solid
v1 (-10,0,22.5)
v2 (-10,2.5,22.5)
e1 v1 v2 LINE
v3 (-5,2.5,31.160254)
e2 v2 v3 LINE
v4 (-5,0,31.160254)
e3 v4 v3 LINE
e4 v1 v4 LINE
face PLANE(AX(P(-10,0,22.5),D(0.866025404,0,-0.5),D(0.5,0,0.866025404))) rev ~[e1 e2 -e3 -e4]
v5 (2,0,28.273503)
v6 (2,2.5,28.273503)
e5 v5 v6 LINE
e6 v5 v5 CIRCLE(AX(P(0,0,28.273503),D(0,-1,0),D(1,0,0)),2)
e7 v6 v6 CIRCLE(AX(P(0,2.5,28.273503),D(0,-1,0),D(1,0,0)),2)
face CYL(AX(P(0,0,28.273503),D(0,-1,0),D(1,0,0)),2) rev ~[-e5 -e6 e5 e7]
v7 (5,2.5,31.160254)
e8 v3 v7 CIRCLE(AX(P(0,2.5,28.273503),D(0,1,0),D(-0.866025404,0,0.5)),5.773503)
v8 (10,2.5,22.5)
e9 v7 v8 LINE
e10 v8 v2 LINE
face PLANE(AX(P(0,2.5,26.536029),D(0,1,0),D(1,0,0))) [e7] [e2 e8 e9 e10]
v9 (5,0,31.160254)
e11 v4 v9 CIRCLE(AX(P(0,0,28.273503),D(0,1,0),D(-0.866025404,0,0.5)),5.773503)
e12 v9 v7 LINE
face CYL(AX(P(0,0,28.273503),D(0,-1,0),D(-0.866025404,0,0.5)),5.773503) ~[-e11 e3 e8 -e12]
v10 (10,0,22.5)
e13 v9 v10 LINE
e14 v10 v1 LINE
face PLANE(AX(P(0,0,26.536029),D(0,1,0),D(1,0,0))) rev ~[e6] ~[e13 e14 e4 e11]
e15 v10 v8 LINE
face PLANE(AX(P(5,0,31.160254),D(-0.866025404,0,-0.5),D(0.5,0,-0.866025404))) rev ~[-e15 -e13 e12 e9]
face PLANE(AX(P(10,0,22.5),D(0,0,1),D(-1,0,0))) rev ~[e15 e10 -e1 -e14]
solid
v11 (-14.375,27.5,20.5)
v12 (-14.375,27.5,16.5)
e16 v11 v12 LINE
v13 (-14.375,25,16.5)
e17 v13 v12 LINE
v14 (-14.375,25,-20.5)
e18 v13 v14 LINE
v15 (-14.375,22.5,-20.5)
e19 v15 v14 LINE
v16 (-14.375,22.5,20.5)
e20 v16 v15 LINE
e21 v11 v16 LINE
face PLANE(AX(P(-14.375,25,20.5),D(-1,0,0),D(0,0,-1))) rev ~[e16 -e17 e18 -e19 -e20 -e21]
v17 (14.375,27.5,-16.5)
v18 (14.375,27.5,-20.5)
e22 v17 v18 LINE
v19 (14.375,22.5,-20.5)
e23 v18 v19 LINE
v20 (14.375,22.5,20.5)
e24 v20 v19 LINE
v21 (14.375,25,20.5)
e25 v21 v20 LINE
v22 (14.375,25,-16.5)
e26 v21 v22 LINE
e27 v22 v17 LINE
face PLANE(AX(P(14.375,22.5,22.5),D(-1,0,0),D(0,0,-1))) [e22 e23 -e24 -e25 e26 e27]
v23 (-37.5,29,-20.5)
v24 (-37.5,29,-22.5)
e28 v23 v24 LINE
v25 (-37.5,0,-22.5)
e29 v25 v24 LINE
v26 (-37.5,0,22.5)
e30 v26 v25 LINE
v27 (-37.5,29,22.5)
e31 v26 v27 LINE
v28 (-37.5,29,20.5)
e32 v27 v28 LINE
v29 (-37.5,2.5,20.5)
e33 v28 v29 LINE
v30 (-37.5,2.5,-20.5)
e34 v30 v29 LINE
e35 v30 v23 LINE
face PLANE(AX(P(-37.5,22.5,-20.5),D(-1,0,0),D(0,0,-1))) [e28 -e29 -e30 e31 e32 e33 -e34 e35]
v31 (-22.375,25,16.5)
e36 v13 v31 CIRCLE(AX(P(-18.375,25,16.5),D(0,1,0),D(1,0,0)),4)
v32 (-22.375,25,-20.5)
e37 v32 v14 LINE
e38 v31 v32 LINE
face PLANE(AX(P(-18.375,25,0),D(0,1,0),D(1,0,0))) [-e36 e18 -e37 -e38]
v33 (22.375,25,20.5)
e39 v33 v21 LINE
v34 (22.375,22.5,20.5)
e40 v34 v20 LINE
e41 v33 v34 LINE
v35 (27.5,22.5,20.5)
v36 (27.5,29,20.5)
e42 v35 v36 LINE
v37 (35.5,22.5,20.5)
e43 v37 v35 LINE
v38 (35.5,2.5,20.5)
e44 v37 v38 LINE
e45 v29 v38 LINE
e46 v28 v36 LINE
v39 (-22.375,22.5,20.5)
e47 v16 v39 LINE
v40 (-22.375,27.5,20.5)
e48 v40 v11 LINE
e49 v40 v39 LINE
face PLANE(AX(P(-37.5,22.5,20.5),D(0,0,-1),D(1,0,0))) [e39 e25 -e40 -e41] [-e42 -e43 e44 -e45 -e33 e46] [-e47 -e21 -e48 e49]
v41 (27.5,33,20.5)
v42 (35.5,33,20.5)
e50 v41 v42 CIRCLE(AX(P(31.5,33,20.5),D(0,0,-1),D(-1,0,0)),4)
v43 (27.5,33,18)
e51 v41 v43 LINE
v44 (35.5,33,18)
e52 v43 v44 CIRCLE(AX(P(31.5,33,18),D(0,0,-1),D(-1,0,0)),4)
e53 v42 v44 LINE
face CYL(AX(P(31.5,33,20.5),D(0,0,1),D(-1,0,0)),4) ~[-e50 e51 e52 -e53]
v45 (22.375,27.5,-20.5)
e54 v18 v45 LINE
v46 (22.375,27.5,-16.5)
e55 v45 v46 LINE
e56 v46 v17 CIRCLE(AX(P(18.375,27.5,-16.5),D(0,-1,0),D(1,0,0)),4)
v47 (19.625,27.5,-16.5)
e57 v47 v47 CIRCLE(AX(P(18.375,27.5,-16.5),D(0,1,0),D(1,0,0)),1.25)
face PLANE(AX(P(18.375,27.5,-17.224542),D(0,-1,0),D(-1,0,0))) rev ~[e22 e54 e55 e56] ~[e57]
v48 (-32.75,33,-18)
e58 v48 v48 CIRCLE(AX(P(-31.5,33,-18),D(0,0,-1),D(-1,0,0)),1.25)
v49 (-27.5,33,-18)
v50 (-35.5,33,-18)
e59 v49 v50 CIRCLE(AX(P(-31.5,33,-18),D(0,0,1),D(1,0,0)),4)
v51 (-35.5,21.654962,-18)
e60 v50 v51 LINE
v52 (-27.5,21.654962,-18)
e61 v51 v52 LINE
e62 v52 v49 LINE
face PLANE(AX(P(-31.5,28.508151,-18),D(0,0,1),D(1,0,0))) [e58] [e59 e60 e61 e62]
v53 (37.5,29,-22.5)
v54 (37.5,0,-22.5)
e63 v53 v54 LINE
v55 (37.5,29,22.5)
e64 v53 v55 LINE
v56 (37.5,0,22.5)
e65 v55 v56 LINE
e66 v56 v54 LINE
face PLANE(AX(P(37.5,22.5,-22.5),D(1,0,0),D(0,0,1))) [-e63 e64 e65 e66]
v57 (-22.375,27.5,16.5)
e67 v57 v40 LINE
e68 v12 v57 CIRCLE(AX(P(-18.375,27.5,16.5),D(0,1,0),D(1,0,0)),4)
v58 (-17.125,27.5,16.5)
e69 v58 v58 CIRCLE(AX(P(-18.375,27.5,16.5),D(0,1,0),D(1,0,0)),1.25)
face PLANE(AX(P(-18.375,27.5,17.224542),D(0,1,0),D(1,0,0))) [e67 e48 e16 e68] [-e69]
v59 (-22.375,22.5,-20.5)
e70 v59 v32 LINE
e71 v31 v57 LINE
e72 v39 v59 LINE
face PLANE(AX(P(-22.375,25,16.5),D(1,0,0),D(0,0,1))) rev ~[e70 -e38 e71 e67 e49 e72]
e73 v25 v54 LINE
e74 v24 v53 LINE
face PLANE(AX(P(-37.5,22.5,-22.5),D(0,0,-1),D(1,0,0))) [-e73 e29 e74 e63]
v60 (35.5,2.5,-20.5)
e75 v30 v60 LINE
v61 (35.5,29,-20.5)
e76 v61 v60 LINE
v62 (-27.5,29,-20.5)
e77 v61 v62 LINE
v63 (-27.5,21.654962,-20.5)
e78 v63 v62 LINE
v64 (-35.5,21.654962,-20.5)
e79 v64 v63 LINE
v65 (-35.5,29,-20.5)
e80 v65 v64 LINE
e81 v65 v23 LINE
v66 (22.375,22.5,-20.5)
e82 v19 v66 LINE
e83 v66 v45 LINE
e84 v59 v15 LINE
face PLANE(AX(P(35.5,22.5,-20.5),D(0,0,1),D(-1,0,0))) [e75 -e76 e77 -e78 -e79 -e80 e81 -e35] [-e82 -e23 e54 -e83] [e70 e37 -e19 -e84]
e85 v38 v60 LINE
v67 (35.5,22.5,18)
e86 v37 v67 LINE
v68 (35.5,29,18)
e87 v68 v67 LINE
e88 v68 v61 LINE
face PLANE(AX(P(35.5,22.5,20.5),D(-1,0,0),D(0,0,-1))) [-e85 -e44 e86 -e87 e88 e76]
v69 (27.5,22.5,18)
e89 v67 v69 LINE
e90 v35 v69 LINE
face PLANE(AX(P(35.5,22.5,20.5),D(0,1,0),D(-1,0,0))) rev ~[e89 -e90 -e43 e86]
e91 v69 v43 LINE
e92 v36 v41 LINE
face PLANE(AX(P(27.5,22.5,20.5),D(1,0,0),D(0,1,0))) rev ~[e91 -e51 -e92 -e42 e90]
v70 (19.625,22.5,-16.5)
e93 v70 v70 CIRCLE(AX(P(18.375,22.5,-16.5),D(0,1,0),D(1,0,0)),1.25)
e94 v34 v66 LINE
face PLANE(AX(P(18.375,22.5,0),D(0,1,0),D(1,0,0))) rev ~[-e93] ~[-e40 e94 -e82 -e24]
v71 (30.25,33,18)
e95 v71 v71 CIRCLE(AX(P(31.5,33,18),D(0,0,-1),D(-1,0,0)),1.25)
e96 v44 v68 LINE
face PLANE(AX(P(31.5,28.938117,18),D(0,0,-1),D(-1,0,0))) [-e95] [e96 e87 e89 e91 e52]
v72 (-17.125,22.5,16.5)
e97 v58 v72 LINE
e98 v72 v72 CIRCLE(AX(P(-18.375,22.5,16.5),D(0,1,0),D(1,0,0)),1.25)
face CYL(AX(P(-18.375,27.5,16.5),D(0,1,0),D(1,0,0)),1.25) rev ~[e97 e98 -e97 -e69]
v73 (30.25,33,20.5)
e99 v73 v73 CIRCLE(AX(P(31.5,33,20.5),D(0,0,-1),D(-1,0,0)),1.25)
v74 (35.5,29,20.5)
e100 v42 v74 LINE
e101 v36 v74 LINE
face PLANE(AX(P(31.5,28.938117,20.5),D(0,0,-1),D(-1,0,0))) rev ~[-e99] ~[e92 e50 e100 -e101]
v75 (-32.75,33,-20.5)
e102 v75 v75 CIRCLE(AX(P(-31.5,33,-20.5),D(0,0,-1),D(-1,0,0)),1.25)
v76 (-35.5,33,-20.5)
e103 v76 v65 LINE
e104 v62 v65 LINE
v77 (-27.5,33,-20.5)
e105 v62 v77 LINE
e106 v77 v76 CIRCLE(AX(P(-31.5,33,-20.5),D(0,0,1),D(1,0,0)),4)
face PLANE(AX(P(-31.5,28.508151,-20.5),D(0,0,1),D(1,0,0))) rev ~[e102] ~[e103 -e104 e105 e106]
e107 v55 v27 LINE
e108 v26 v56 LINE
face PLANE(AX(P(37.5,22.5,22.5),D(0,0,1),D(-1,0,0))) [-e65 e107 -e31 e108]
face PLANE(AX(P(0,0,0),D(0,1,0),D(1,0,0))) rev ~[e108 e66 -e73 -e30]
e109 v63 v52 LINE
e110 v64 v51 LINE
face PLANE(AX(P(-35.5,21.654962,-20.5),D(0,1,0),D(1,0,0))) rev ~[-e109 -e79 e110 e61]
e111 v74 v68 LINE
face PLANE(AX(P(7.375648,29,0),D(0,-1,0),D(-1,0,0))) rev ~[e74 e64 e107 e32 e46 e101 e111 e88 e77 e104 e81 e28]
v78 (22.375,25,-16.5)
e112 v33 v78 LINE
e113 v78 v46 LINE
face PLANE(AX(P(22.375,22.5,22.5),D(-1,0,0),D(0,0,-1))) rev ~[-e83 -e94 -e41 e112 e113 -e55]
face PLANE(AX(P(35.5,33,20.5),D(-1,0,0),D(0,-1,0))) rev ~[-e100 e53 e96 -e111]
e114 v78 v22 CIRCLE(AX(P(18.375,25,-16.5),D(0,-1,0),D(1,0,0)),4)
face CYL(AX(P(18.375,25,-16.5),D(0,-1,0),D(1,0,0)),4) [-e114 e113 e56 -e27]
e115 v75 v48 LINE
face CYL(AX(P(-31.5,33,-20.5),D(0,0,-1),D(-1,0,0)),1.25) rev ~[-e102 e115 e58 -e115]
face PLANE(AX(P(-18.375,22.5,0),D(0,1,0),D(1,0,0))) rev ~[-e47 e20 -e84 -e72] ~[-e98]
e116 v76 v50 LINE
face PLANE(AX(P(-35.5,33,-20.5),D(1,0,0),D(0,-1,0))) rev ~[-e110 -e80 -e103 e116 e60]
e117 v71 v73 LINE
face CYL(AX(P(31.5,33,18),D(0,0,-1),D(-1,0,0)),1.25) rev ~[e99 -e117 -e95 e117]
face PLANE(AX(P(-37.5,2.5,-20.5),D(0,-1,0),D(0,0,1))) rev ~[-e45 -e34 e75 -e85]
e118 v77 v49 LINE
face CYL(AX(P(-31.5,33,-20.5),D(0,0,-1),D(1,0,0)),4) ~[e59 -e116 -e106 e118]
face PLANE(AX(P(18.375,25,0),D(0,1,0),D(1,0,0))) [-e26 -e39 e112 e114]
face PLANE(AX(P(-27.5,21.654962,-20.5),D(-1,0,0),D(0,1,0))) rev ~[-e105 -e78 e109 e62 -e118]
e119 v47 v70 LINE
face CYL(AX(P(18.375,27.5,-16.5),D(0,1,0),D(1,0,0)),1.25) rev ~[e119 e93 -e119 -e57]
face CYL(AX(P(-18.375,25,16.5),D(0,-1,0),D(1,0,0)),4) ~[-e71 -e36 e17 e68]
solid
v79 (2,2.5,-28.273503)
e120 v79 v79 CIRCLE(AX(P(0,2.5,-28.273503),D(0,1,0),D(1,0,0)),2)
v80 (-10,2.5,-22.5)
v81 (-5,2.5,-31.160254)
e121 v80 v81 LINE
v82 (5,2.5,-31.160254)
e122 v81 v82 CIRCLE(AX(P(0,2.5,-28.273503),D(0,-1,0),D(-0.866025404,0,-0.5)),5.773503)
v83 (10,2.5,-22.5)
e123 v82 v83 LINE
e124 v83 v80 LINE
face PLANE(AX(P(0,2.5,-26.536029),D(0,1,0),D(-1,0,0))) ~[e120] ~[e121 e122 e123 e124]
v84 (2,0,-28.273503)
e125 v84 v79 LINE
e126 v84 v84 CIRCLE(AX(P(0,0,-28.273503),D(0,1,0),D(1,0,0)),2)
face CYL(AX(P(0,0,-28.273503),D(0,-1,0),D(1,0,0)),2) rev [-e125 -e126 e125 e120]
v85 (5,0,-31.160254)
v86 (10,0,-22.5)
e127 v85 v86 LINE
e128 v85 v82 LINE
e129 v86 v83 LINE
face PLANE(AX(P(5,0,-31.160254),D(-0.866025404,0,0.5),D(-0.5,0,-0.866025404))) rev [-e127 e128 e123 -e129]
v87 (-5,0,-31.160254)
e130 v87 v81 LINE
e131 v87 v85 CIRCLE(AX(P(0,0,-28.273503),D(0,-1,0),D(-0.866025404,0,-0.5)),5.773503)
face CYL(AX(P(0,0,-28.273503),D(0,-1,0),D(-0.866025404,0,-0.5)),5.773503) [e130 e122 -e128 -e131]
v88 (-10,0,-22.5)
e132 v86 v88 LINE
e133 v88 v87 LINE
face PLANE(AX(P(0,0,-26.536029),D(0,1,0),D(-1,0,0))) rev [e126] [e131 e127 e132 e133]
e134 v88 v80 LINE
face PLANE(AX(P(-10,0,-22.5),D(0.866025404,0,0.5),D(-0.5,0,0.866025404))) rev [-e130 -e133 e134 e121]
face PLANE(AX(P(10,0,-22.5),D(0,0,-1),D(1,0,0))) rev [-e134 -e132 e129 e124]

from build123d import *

# Parameters (mm, degrees)
SKETCH1_W           = 75
SKETCH1_H           = 45
BOSS_EXTRUDE1_DEPTH = 2.5
SKETCH2_W           = 75
SKETCH2_H           = 45
SKETCH2_W_2         = 71
SKETCH2_H_2         = 41
BOSS_EXTRUDE2_DEPTH = 20
SKETCH4_W           = 41
SKETCH4_H           = 20
CUT_EXTRUDE1_DEPTH  = 2
SKETCH5_W           = 8
SKETCH5_H           = 45
BOSS_EXTRUDE4_DEPTH = 2.5
BOSS_EXTRUDE5_DEPTH = 6.5
BOSS_EXTRUDE6_DEPTH = 2.5
SKETCH9_R           = 1.25
CUT_EXTRUDE2_DEPTH  = 5
BOSS_EXTRUDE7_DEPTH = 2.5
BOSS_EXTRUDE8_DEPTH = 2.5
SKETCH14_R          = 1.25
CUT_EXTRUDE3_DEPTH  = 2.5
SKETCH15_R          = 1.25
CUT_EXTRUDE4_DEPTH  = 2.5
BOSS_EXTRUDE9_DEPTH = 2.5
SKETCH20_R          = 2
CUT_EXTRUDE6_DEPTH  = 2.5


with BuildPart() as part:
    # Sketch1 → Boss-Extrude1 (new body)
    with BuildSketch(Plane(origin=(0, 0, 0), x_dir=(1, 0, 0), z_dir=(0, 1, 0))):
        Rectangle(SKETCH1_W, SKETCH1_H)
    extrude(amount=BOSS_EXTRUDE1_DEPTH)

    # Sketch2 → Boss-Extrude2 (add)
    with BuildSketch(Plane(origin=(0, 2.5, 0), x_dir=(1, 0, 0), z_dir=(0, 1, 0))):
        Rectangle(SKETCH2_W, SKETCH2_H)
        Rectangle(SKETCH2_W_2, SKETCH2_H_2, mode=Mode.SUBTRACT)
    extrude(amount=BOSS_EXTRUDE2_DEPTH)

    # Sketch4 → Cut-Extrude1 (cut)
    with BuildSketch(Plane.ZY.offset(37.5)):
        with Locations((0, 12.5)):
            Rectangle(SKETCH4_W, SKETCH4_H)
    extrude(amount=-CUT_EXTRUDE1_DEPTH, mode=Mode.SUBTRACT)

    # Sketch5 → Boss-Extrude4 (add)
    with BuildSketch(Plane(origin=(0, 22.5, 0), x_dir=(1, 0, 0), z_dir=(0, 1, 0))):
        with Locations((-18.375, 0)):
            Rectangle(SKETCH5_W, SKETCH5_H)
        with Locations((18.375, 0)):
            Rectangle(SKETCH5_W, SKETCH5_H)
    extrude(amount=BOSS_EXTRUDE4_DEPTH)

    # Sketch7 → Boss-Extrude5 (add)
    with BuildSketch(Plane(origin=(0, 22.5, 0), x_dir=(1, 0, 0), z_dir=(0, 1, 0))):
        Polygon((-37.5, 22.5), (37.5, 22.5), (37.5, -22.5), (-37.5, -22.5), (-37.5, -20.5), (35.5, -20.5), (35.5, 20.5), (-37.5, 20.5), align=None)
    extrude(amount=BOSS_EXTRUDE5_DEPTH)

    # Sketch8 → Boss-Extrude6 (add)
    with BuildSketch(Plane(origin=(0, 25, 0), x_dir=(1, 0, 0), z_dir=(0, 1, 0))):
        with BuildLine():
            Line((-22.375, -20.5), (-14.375, -20.5))
            Line((-14.375, -20.5), (-14.375, -16.5))
            ThreePointArc((-14.375, -16.5), (-18.375, -12.5), (-22.375, -16.5))
            Line((-22.375, -16.5), (-22.375, -20.5))
        make_face()
        with BuildLine():
            Line((14.375, 16.5), (14.375, 20.5))
            Line((14.375, 20.5), (22.375, 20.5))
            Line((22.375, 20.5), (22.375, 16.5))
            ThreePointArc((22.375, 16.5), (18.375, 12.5), (14.375, 16.5))
        make_face()
    extrude(amount=BOSS_EXTRUDE6_DEPTH)

    # Sketch9 → Cut-Extrude2 (cut)
    with BuildSketch(Plane(origin=(0, 27.5, 0), x_dir=(1, 0, 0), z_dir=(0, 1, 0))):
        with Locations((-18.375, -16.5)):
            Circle(SKETCH9_R)
        with Locations((18.375, 16.5)):
            Circle(SKETCH9_R)
    extrude(amount=-CUT_EXTRUDE2_DEPTH, mode=Mode.SUBTRACT)

    # Sketch12 → Boss-Extrude7 (add)
    with BuildSketch(Plane(origin=(0, 0, 20.5), x_dir=(-1, 0, 0), z_dir=(0, 0, -1))):
        with BuildLine():
            Line((-35.5, 22.5), (-27.5, 22.5))
            Line((-27.5, 22.5), (-27.5, 29))
            Line((-27.5, 29), (-27.5, 33))
            ThreePointArc((-27.5, 33), (-31.5, 37), (-35.5, 33))
            Line((-35.5, 33), (-35.5, 22.5))
        make_face()
    extrude(amount=BOSS_EXTRUDE7_DEPTH)

    # Sketch13 → Boss-Extrude8 (add)
    with BuildSketch(Plane.XY.offset(-20.5)):
        with BuildLine():
            Line((-35.5, 29), (-35.5, 21.654961558))
            Line((-35.5, 21.654961558), (-27.5, 21.654961558))
            Line((-27.5, 21.654961558), (-27.5, 29))
            Line((-27.5, 29), (-27.5, 33))
            ThreePointArc((-27.5, 33), (-31.5, 37), (-35.5, 33))
            Line((-35.5, 33), (-35.5, 29))
        make_face()
    extrude(amount=BOSS_EXTRUDE8_DEPTH)

    # Sketch14 → Cut-Extrude3 (cut)
    with BuildSketch(Plane(origin=(0, 0, -20.5), x_dir=(-1, 0, 0), z_dir=(0, 0, -1))):
        with Locations((31.5, 33)):
            Circle(SKETCH14_R)
    extrude(amount=-CUT_EXTRUDE3_DEPTH, mode=Mode.SUBTRACT)

    # Sketch15 → Cut-Extrude4 (cut)
    with BuildSketch(Plane(origin=(0, 0, 18), x_dir=(-1, 0, 0), z_dir=(0, 0, -1))):
        with Locations((-31.5, 33)):
            Circle(SKETCH15_R)
    extrude(amount=-CUT_EXTRUDE4_DEPTH, mode=Mode.SUBTRACT)


with BuildPart() as body_2:
    # Sketch16 → Boss-Extrude9 (new body)
    with BuildSketch(Plane(origin=(0, 0, 0), x_dir=(-1, 0, 0), z_dir=(0, -1, 0))):
        with BuildLine():
            Line((-10, -22.5), (10, -22.5))
            Line((10, -22.5), (5, -31.160254038))
            ThreePointArc((5, -31.160254038), (0, -34.047005384), (-5, -31.160254038))
            Line((-5, -31.160254038), (-10, -22.5))
        make_face()
    extrude(amount=-BOSS_EXTRUDE9_DEPTH)

    # Sketch20 → Cut-Extrude6 (cut)
    with BuildSketch(Plane.XZ):
        with Locations((0, 28.273502692)):
            Circle(SKETCH20_R)
    extrude(amount=-CUT_EXTRUDE6_DEPTH, mode=Mode.SUBTRACT)


with BuildPart() as body_3:
    # Mirror2: mirrored copy
    add(body_2.part.mirror(Plane.XY))


solid = Compound([part.part, body_2.part, body_3.part])
